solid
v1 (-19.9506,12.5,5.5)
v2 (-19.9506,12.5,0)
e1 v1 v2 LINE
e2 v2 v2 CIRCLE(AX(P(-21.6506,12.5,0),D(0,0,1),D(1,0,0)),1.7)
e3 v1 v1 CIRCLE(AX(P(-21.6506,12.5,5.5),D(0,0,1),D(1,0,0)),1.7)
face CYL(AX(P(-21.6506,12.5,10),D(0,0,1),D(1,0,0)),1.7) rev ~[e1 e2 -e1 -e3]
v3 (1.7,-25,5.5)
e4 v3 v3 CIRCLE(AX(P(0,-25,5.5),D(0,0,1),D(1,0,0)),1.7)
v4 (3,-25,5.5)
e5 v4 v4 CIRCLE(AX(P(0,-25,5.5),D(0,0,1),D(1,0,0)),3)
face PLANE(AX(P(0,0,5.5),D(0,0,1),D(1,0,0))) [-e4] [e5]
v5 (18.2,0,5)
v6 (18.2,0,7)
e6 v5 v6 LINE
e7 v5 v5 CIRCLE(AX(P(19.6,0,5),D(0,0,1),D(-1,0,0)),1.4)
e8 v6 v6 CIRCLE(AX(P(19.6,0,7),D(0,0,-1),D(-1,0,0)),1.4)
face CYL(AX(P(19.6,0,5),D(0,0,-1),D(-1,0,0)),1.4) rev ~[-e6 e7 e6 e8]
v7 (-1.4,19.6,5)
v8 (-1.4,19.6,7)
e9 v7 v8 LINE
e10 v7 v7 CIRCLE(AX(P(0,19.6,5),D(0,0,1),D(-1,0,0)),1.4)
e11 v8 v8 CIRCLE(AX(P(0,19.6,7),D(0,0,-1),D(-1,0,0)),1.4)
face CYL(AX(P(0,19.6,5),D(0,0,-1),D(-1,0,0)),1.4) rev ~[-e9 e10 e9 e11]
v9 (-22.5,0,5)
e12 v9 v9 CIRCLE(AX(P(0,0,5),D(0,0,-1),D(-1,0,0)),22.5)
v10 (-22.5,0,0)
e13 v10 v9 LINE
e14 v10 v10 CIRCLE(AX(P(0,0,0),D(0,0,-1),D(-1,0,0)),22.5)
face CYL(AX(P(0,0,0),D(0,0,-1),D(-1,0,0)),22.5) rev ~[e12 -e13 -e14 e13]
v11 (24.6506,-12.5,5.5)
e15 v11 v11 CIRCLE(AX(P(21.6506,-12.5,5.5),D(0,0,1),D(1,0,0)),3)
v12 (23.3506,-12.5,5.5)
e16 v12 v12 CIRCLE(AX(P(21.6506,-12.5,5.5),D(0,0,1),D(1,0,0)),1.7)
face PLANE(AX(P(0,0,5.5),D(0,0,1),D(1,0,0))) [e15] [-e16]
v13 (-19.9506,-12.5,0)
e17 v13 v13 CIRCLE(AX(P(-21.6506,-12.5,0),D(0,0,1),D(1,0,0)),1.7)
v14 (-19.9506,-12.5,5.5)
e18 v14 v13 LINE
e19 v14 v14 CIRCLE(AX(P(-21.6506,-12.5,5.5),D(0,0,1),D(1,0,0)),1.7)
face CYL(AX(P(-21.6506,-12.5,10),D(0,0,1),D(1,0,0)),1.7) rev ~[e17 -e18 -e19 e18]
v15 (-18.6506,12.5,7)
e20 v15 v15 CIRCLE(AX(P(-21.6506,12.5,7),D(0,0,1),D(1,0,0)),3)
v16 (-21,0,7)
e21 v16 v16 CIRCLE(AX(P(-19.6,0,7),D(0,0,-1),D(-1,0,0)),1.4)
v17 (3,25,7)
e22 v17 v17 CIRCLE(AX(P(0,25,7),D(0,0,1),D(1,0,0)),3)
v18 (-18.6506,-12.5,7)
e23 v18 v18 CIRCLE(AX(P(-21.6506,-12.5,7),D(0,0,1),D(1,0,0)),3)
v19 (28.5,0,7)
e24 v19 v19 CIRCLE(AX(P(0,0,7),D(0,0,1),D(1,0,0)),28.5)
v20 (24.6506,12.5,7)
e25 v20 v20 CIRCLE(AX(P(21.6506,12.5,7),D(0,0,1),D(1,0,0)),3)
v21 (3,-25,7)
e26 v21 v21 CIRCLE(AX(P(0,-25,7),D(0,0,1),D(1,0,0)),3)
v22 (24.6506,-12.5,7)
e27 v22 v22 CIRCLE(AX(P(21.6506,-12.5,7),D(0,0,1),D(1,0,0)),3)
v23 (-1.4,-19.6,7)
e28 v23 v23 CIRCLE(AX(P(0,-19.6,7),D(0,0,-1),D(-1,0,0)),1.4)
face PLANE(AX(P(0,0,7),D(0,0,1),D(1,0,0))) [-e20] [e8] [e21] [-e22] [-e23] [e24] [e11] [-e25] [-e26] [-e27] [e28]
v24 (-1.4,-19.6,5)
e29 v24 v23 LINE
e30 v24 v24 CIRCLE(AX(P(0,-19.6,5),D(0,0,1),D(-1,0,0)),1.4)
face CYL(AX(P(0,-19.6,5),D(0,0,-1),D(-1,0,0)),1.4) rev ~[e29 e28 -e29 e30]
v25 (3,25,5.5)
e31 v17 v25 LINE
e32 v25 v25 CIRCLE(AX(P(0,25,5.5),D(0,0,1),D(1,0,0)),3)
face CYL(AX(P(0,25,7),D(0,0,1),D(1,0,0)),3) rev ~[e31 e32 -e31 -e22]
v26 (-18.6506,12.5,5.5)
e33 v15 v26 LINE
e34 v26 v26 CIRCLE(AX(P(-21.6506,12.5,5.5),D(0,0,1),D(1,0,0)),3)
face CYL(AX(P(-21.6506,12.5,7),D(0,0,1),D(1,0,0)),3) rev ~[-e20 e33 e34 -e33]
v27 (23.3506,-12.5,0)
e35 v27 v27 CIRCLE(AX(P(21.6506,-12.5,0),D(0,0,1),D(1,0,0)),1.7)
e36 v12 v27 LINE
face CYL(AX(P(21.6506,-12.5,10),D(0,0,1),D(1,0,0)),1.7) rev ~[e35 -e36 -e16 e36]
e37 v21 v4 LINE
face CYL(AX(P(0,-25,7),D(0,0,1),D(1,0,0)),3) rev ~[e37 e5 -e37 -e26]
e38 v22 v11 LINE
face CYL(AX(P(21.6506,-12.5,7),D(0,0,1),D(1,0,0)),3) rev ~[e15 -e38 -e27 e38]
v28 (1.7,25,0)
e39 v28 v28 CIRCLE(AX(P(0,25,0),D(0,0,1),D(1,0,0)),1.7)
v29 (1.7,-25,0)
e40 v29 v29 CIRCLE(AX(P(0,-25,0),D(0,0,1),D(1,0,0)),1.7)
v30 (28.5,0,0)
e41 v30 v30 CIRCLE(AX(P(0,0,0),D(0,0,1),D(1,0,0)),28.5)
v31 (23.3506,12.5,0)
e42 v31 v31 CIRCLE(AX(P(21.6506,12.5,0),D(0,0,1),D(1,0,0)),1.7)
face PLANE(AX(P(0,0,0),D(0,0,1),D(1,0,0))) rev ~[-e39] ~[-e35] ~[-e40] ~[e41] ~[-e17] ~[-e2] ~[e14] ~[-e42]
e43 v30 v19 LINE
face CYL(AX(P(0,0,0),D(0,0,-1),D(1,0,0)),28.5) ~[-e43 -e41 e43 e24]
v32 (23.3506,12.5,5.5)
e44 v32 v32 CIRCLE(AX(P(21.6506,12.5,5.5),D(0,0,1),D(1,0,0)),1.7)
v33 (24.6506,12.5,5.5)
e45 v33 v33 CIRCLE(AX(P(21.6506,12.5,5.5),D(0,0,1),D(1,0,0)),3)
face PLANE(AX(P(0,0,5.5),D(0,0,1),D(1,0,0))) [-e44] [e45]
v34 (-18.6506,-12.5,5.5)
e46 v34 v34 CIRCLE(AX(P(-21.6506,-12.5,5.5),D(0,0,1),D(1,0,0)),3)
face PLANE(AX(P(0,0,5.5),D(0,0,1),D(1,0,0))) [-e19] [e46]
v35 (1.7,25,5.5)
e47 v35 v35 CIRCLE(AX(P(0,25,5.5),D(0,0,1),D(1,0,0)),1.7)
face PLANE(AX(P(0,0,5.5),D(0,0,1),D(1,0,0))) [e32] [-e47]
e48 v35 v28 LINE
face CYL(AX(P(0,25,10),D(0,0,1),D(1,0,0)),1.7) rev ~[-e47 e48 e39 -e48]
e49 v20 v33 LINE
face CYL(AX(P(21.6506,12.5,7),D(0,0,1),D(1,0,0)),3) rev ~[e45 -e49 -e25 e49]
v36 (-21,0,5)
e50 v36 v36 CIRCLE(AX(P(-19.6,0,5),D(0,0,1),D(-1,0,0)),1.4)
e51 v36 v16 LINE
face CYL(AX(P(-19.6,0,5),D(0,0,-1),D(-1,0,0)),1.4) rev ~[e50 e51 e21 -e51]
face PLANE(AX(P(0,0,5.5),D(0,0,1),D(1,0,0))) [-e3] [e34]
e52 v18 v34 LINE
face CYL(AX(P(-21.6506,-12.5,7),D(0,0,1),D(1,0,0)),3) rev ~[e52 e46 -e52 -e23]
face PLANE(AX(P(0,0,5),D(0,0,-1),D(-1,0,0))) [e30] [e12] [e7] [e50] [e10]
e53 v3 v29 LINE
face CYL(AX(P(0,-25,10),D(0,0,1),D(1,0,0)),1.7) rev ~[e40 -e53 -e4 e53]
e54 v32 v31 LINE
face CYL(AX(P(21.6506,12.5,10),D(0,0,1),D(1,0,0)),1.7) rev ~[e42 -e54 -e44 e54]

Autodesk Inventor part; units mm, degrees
ref_plane "YZ Plane" through (0, 0, 0) normal (1, 0, 0) x (0, 1, 0)
ref_plane "XZ Plane" through (0, 0, 0) normal (0, 1, 0) x (-1, 0, 0)
ref_plane "XY Plane" through (0, 0, 0) normal (0, 0, 1) x (1, 0, 0)
sketch "スケッチ1" plane through (0, 0, 0) normal (0, 0, 1) x (1, 0, 0)
  circle A0 centre (0, 0) radius 28.5
  circle A1 centre (0, 0) radius 20
  dimension "d0" = 57
  dimension "d1" = 40
extrude "押し出し1" add sketch "スケッチ1" along normal blind 10 contours A0 | A1
sketch "スケッチ2" plane through (0, 0, 0) normal (0, 0, -1) x (-1, 0, 0)
  circle A0 centre (0, 0) radius 22.5
  dimension "d4" = 45
extrude "押し出し2" cut sketch "スケッチ2" against normal blind 5
sketch "スケッチ3" plane through (0, 0, 5) normal (0, 0, -1) x (-1, 0, 0)
  circle A0 centre (0, 0) radius 19.6
  circle A1 centre (19.6, 0) radius 1.4
  circle A2 centre (0, 19.6) radius 1.4
  circle A3 centre (-19.6, 0) radius 1.4
  circle A4 centre (0, -19.6) radius 1.4
  dimension "d7" = 39.2
  dimension "d8" = 2.8
  dimension "d11" = 360
extrude "押し出し3" cut sketch "スケッチ3" against normal blind 5 contours A0 A1 | A0 A1 | A2 A0 | A0 A2 | A4 A0 | A0 A4 | A3 A0 | A0 A3
sketch "スケッチ4" plane through (0, 0, 10) normal (0, 0, 1) x (1, 0, 0)
  circle A0 centre (0, 0) radius 25
  circle A1 centre (0, -25) radius 1.7
  circle A2 centre (21.6506, -12.5) radius 1.7
  circle A3 centre (21.6506, 12.5) radius 1.7
  circle A4 centre (0, 25) radius 1.7
  circle A5 centre (-21.6506, 12.5) radius 1.7
  circle A6 centre (-21.6506, -12.5) radius 1.7
  dimension "d15" = 50
  dimension "d16" = 3.4
  dimension "d19" = 360
extrude "押し出し4" cut sketch "スケッチ4" against normal blind 10 contours A3 A0 | A0 A3 | A2 A0 | A0 A2 | A4 A0 | A0 A4 | A1 A0 | A0 A1 | A5 A0 | A0 A5 | A6 A0 | A0 A6
sketch "スケッチ5" plane through (0, 0, 10) normal (0, 0, 1) x (1, 0, 0)
  circle A0 centre (0, 0) radius 28.5
extrude "押し出し5" cut sketch "スケッチ5" against normal blind 3
sketch "スケッチ6" plane through (0, 0, 7) normal (0, 0, 1) x (1, 0, 0)
  circle A0 centre (0, 0) radius 21.5
  circle A1 centre (0, 25) radius 1.7 projected
  circle A2 centre (0, 25) radius 3
  circle A3 centre (-21.6506, 12.5) radius 3
  circle A4 centre (-21.6506, -12.5) radius 3
  circle A5 centre (0, -25) radius 3
  circle A6 centre (21.6506, -12.5) radius 3
  circle A7 centre (21.6506, 12.5) radius 3
  dimension "d25" = 43
  dimension "d26" = 6
  dimension "d29" = 360
extrude "押し出し6" cut sketch "スケッチ6" against normal blind 1.5 contours A1 | A2 | A3 | A4 | A5 | A6 | A7
properties part number "piper-GIM3505-8" material "ABS プラスチック"
